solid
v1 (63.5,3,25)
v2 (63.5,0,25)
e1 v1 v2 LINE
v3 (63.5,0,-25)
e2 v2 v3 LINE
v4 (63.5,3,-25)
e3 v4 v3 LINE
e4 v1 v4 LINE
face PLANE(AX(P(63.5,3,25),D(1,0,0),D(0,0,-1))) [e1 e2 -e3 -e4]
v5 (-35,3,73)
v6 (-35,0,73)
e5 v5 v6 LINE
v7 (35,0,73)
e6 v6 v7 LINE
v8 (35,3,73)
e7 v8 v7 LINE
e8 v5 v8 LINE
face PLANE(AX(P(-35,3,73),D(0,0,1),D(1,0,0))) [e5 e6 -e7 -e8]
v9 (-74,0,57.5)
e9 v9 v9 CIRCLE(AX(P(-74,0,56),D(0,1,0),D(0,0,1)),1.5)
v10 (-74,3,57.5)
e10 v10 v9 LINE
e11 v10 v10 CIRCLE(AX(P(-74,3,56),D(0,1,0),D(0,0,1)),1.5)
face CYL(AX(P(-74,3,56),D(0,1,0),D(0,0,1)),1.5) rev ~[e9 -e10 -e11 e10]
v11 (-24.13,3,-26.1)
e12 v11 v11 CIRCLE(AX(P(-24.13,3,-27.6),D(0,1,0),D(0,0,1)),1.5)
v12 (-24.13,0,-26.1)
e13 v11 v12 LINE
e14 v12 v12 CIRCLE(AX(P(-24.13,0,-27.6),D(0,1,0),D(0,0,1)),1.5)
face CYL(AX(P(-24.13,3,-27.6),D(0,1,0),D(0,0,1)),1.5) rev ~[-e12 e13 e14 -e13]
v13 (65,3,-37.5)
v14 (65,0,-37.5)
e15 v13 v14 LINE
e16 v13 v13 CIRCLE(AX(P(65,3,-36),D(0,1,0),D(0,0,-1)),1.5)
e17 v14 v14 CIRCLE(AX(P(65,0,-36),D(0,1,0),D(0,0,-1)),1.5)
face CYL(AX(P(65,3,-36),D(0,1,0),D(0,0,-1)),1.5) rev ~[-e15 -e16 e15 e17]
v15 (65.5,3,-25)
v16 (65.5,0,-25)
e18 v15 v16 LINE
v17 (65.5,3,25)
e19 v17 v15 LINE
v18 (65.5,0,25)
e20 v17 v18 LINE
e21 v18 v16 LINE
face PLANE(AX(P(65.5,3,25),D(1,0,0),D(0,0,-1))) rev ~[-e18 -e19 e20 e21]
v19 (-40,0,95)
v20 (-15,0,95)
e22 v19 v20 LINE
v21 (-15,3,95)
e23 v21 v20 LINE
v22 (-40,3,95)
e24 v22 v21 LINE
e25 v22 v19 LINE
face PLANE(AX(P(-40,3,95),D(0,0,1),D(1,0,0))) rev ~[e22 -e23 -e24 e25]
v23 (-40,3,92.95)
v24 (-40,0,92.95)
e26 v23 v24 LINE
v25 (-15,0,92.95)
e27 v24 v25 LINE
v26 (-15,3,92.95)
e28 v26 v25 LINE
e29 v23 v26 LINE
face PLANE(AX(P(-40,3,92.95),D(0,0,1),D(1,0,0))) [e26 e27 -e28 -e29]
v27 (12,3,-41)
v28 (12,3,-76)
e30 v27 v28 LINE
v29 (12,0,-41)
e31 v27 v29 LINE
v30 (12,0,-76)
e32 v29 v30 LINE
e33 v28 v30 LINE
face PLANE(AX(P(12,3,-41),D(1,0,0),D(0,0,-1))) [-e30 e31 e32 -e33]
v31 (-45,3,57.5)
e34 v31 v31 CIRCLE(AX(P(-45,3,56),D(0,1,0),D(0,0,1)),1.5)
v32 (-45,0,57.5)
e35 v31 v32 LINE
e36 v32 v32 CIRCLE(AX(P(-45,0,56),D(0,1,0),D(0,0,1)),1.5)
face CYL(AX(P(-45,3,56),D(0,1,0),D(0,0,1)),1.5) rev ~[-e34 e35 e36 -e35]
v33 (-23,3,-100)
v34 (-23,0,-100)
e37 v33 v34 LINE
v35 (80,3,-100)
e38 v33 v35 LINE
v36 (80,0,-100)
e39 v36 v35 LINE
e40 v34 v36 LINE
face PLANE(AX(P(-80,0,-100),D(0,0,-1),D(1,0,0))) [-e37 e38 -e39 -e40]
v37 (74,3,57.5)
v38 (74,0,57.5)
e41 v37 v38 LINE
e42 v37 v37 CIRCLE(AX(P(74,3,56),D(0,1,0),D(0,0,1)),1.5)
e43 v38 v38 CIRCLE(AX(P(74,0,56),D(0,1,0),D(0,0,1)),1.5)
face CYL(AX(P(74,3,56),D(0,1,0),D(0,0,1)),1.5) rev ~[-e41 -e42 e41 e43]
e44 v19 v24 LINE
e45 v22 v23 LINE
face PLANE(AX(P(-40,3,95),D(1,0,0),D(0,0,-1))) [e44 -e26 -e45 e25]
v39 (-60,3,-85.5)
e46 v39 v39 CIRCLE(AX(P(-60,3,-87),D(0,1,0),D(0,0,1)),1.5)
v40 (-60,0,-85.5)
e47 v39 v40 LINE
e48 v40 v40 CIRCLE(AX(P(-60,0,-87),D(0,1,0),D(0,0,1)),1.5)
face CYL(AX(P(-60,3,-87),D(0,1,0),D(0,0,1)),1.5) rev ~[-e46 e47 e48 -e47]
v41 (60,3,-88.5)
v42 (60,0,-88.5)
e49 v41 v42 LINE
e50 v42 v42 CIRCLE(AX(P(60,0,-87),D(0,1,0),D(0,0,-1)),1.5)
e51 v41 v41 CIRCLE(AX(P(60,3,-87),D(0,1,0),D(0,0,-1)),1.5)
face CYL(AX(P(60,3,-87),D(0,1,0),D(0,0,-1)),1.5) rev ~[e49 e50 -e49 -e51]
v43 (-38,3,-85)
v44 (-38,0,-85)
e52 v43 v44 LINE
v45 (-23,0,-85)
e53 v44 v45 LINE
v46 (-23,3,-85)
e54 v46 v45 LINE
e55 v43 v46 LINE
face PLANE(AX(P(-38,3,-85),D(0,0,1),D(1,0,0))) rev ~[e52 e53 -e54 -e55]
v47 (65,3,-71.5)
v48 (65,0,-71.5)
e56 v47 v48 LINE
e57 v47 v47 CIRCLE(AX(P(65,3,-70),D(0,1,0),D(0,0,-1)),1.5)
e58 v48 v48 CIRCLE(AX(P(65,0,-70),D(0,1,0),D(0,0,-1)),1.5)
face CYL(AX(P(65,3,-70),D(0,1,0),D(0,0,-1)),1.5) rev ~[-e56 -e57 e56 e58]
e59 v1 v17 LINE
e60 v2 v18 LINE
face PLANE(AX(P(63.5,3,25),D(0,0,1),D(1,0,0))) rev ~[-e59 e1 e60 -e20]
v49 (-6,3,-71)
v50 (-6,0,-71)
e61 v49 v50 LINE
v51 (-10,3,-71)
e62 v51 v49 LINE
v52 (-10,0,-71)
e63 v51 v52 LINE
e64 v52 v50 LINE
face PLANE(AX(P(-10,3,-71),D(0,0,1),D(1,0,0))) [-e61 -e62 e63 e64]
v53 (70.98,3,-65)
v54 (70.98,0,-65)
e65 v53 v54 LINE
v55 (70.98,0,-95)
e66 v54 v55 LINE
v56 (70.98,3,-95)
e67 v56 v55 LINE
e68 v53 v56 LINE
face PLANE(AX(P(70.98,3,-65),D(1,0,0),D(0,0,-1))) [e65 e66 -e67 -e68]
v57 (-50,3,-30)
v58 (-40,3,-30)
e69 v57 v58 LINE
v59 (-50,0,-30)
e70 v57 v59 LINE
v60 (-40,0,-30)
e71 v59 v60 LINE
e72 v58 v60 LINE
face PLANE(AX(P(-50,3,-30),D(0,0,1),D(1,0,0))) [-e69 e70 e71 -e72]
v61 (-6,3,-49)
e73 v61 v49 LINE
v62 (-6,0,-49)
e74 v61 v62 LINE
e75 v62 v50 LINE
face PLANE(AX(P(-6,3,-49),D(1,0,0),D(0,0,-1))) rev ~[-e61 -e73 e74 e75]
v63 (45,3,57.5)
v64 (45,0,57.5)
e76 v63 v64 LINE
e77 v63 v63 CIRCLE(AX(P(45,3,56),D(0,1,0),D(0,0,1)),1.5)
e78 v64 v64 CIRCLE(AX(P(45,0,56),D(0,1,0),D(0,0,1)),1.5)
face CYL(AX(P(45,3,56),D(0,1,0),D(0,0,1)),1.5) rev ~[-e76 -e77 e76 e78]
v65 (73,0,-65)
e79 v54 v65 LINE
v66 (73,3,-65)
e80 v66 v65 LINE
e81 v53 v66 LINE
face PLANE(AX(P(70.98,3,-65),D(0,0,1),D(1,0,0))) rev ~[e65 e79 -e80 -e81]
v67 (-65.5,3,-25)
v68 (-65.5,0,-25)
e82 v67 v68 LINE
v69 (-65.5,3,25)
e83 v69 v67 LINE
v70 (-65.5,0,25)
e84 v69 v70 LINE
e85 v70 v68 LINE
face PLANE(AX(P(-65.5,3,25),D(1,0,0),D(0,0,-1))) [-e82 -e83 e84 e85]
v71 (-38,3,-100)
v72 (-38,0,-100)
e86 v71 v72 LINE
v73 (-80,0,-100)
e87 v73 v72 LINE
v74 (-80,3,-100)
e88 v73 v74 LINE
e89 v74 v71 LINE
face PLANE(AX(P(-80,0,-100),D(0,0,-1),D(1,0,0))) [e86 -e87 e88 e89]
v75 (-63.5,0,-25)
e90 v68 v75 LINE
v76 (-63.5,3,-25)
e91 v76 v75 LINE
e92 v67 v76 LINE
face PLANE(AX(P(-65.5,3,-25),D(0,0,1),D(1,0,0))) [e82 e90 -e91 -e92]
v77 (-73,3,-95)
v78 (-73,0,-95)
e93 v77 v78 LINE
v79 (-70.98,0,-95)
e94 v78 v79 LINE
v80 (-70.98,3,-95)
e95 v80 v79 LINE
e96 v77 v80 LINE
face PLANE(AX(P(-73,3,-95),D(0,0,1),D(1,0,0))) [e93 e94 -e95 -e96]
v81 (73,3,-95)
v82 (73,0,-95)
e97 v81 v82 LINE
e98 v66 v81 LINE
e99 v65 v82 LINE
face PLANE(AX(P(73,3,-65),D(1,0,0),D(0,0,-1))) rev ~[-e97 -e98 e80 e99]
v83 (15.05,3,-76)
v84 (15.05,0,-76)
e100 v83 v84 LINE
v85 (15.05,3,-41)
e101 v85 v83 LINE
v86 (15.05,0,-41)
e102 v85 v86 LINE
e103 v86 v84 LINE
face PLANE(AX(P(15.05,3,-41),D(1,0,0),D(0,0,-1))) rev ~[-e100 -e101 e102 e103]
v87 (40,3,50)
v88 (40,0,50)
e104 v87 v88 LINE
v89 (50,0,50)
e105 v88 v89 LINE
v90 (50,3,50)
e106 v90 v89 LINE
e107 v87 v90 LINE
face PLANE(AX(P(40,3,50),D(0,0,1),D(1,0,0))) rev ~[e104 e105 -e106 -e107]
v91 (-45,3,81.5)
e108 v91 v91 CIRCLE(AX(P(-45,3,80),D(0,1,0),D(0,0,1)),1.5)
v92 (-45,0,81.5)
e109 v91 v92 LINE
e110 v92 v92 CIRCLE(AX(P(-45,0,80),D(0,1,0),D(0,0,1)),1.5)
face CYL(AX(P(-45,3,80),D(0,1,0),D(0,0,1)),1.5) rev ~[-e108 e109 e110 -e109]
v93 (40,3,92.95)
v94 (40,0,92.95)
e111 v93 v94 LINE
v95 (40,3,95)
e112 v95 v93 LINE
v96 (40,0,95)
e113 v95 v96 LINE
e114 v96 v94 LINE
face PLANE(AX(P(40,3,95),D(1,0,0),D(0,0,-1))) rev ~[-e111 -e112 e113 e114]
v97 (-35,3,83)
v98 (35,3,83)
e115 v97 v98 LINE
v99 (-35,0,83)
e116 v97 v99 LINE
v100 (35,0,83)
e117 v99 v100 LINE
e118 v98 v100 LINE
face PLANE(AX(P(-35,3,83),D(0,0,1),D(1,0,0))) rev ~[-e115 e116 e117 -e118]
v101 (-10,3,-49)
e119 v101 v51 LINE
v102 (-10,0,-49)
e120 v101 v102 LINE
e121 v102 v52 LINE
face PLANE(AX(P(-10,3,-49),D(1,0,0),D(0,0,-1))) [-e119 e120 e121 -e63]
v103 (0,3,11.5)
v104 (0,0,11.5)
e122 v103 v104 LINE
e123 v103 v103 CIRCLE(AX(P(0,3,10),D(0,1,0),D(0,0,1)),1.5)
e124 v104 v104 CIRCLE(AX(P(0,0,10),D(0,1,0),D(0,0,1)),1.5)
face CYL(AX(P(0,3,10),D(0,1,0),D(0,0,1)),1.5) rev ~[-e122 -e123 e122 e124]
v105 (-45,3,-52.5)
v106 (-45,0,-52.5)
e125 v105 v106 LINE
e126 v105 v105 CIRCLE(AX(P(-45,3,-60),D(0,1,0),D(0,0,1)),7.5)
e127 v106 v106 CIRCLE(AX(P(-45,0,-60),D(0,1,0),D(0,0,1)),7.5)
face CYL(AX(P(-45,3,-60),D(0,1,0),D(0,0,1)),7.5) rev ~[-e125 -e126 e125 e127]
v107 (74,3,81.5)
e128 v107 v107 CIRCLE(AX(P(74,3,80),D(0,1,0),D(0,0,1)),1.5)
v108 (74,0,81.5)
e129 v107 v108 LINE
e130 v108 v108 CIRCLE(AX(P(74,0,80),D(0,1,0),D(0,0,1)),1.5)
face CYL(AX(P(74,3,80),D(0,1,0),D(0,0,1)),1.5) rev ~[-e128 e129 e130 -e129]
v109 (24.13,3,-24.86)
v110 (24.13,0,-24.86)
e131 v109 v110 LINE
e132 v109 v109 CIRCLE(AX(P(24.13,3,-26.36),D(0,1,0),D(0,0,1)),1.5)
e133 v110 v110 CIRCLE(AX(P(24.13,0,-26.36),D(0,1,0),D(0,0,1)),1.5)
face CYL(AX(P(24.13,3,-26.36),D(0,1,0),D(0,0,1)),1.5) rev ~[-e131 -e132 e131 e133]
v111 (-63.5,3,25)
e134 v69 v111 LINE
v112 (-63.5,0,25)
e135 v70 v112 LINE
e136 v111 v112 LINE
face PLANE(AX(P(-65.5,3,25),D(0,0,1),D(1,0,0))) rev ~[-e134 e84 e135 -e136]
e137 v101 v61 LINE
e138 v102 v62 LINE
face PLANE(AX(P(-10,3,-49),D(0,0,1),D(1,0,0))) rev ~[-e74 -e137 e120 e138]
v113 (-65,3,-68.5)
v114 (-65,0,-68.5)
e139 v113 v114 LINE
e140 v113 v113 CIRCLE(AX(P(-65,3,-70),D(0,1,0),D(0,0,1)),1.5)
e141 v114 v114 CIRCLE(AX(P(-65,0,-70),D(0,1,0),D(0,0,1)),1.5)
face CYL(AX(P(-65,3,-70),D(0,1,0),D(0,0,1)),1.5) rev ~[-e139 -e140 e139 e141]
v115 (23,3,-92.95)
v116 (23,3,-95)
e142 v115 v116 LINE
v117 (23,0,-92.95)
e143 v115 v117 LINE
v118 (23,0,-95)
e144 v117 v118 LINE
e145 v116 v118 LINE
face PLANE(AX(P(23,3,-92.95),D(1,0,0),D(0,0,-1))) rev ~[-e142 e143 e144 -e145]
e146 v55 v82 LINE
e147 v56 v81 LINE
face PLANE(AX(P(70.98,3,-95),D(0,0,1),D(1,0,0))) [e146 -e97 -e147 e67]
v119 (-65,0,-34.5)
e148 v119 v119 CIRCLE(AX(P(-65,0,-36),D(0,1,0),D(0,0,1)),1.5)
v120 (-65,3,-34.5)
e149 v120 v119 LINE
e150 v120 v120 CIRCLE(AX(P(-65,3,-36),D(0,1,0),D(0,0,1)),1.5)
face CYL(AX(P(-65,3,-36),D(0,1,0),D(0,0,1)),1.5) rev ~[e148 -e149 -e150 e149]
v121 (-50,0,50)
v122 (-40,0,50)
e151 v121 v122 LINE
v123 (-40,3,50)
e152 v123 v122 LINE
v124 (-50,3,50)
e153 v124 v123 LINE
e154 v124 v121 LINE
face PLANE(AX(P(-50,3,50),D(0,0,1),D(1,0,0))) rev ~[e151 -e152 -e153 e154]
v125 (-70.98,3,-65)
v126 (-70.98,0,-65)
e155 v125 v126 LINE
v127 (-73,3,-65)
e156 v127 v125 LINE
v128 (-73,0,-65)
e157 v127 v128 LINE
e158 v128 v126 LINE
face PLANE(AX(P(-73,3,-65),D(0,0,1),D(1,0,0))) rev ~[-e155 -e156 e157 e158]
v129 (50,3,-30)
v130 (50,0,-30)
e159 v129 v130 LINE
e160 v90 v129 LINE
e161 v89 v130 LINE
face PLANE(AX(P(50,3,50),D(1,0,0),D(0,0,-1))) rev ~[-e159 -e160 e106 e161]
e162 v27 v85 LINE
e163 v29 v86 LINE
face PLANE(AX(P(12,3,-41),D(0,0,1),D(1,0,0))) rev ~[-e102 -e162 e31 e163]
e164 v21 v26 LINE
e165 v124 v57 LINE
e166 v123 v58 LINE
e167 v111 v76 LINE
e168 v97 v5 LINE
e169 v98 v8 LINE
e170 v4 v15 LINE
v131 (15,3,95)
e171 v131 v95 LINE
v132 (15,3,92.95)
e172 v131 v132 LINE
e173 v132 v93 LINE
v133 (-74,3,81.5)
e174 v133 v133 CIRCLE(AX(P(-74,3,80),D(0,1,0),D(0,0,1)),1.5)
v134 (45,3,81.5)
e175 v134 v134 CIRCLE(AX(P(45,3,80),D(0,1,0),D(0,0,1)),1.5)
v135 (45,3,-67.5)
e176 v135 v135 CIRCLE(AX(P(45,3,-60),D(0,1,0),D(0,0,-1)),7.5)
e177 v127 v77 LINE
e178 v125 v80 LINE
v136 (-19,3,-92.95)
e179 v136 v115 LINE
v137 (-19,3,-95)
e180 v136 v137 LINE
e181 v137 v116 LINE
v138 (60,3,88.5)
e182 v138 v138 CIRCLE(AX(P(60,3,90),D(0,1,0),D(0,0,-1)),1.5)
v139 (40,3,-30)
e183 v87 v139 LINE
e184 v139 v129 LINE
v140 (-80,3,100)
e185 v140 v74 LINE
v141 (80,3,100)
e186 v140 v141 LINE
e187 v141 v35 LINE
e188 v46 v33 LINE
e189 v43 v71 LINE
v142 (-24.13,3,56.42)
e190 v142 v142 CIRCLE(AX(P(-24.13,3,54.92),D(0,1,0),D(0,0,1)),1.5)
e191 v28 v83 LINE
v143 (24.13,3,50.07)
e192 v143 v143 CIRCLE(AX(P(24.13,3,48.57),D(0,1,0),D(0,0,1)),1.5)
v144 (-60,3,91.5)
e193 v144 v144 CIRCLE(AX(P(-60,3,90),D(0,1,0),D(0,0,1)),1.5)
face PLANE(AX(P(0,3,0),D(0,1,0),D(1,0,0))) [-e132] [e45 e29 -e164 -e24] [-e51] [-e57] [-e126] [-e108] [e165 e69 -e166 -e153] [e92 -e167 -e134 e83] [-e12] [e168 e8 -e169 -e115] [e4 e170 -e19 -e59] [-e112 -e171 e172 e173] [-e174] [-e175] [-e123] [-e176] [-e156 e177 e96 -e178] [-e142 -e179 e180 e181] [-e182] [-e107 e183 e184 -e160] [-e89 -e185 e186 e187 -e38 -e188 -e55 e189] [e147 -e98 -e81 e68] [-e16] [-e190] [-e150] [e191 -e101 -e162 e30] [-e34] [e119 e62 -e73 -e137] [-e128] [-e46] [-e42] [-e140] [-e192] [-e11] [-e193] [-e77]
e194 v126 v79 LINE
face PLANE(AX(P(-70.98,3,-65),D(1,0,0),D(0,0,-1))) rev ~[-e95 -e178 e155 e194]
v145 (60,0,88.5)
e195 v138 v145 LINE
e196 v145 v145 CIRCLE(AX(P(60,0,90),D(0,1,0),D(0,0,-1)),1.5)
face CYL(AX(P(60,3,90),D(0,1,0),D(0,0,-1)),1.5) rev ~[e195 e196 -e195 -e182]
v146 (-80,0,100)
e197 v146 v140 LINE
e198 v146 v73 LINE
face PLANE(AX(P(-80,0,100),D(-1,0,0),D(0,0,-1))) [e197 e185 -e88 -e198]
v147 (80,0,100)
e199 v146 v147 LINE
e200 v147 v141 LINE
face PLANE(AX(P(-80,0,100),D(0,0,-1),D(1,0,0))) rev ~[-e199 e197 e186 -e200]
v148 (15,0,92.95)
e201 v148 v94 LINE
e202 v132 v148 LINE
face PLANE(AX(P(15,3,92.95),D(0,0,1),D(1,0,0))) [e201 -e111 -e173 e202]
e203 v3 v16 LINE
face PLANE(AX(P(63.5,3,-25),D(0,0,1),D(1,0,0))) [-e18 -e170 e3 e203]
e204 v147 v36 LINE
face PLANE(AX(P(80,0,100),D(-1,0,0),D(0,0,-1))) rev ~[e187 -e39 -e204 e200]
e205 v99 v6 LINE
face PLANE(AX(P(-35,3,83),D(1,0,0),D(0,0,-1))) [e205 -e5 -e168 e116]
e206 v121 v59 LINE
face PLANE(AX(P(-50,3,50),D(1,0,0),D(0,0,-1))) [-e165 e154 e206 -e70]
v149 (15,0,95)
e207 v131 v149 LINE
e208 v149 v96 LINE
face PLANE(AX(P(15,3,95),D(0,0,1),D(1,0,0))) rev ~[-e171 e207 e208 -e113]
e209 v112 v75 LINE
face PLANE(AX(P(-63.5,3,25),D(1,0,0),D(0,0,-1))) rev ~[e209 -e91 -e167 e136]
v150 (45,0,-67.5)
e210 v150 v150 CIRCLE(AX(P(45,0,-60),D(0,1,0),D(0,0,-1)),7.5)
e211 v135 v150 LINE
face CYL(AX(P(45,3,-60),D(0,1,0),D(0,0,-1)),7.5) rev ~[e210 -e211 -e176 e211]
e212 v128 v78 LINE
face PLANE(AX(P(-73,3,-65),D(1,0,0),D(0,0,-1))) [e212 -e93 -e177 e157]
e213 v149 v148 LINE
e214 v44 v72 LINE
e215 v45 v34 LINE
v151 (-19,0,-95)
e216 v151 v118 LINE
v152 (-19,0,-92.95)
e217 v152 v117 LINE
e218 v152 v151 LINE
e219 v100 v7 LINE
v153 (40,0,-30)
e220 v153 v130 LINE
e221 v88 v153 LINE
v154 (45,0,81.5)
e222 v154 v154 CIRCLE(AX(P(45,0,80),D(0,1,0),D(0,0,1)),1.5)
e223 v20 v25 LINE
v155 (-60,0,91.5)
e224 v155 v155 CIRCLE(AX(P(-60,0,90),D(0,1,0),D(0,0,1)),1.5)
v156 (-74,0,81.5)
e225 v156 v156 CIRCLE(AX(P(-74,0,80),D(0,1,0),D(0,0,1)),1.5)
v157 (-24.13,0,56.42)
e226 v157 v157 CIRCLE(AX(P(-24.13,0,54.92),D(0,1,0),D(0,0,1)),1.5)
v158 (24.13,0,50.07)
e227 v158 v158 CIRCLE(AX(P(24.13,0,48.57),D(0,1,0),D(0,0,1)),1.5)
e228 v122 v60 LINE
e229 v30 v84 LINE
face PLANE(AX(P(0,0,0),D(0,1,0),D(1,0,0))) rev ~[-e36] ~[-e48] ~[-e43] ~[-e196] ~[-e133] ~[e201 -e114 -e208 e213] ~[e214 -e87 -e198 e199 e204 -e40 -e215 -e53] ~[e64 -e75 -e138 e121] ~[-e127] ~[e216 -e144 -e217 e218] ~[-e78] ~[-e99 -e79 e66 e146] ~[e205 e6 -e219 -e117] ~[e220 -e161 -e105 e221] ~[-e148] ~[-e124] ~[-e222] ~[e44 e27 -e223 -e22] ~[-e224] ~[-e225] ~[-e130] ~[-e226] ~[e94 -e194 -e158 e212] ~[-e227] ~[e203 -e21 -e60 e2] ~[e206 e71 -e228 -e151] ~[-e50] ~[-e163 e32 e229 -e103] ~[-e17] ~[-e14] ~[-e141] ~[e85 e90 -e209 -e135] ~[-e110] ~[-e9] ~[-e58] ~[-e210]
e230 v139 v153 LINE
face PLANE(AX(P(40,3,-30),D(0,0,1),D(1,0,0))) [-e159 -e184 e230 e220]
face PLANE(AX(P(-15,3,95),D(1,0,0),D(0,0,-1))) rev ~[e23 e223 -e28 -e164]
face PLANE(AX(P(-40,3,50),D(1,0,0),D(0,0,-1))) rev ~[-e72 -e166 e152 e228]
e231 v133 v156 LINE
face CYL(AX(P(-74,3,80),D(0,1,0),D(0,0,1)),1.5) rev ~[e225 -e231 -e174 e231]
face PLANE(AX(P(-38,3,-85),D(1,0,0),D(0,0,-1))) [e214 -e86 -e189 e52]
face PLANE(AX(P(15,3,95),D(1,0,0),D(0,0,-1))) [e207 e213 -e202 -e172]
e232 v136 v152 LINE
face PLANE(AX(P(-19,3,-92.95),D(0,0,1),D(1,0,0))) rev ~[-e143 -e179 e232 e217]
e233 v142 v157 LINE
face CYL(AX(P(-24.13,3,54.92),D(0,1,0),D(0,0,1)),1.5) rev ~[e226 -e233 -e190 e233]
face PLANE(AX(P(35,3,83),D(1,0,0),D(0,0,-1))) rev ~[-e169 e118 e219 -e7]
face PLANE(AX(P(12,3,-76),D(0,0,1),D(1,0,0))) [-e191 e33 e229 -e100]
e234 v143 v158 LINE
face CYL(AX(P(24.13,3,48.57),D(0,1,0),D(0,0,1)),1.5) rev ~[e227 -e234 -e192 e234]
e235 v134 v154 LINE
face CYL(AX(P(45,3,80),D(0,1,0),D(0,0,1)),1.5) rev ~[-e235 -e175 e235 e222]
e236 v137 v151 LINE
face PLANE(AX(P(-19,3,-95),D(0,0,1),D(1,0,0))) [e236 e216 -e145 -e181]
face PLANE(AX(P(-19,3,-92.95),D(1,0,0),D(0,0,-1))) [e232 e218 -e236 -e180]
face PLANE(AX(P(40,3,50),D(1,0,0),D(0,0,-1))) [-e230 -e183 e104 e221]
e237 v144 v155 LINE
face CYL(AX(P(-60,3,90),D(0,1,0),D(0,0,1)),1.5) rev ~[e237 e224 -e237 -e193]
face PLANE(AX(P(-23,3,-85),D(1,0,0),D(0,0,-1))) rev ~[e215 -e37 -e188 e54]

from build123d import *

# Parameters (mm, degrees)
SKETCH1_W           = 160
SKETCH1_H           = 200
BOSS_EXTRUDE1_DEPTH = 3
SKETCH2_R           = 1.5
SKETCH2_W           = 25
SKETCH2_H           = 2.05
SKETCH2_W_2         = 2
SKETCH2_H_2         = 50
SKETCH2_W_3         = 2.02
SKETCH2_H_3         = 30
SKETCH2_W_4         = 15
SKETCH2_H_4         = 15
SKETCH2_W_5         = 42
SKETCH2_W_6         = 4
SKETCH2_H_5         = 22
SKETCH2_W_7         = 3.05
SKETCH2_H_6         = 35
CUT_EXTRUDE1_DEPTH  = 3
SKETCH3_R           = 1.5
CUT_EXTRUDE2_DEPTH  = 129.097619025
SKETCH4_R           = 7.5
SKETCH4_R_2         = 1.5
SKETCH4_W           = 10
SKETCH4_H           = 80
SKETCH4_W_2         = 70
SKETCH4_H_2         = 10
CUT_EXTRUDE3_DEPTH  = 3
SKETCH5_R           = 1.5
CUT_EXTRUDE4_DEPTH  = 10


with BuildPart() as part:
    # Sketch1 → Boss-Extrude1 (new body)
    with BuildSketch(Plane(origin=(0, 0, 0), x_dir=(1, 0, 0), z_dir=(0, 1, 0))):
        Rectangle(SKETCH1_W, SKETCH1_H)
    extrude(amount=BOSS_EXTRUDE1_DEPTH)

    # Sketch2 → Cut-Extrude1 (cut)
    with BuildSketch(Plane(origin=(0, 3, 0), x_dir=(1, 0, 0), z_dir=(0, 1, 0))):
        with Locations(Location((-60, -90, 0), (0, 0, 270))):
            Circle(SKETCH2_R)
        with Locations(Location((60, -90, 0), (0, 0, 90))):
            Circle(SKETCH2_R)
        with Locations(Location((0, -10, 0), (0, 0, 270))):
            Circle(SKETCH2_R)
        with Locations(Location((-65, 70, 0), (0, 0, 270))):
            Circle(SKETCH2_R)
        with Locations(Location((65, 70, 0), (0, 0, 90))):
            Circle(SKETCH2_R)
        with Locations((27.5, -93.975)):
            Rectangle(SKETCH2_W, SKETCH2_H)
        with Locations((-27.5, -93.975)):
            Rectangle(SKETCH2_W, SKETCH2_H)
        with Locations((64.5, 0)):
            Rectangle(SKETCH2_W_2, SKETCH2_H_2)
        with Locations((-64.5, 0)):
            Rectangle(SKETCH2_W_2, SKETCH2_H_2)
        with Locations((71.99, 80)):
            Rectangle(SKETCH2_W_3, SKETCH2_H_3)
        with Locations((-30.5, 92.5)):
            Rectangle(SKETCH2_W_4, SKETCH2_H_4)
        with Locations((2, 93.975)):
            Rectangle(SKETCH2_W_5, SKETCH2_H)
        with Locations((-71.99, 80)):
            Rectangle(SKETCH2_W_3, SKETCH2_H_3)
        with Locations((-8, 60)):
            Rectangle(SKETCH2_W_6, SKETCH2_H_5)
        with Locations((13.525, 58.5)):
            Rectangle(SKETCH2_W_7, SKETCH2_H_6)
    extrude(amount=-CUT_EXTRUDE1_DEPTH, mode=Mode.SUBTRACT)

    # Sketch3 → Cut-Extrude2 (cut, through all)
    with BuildSketch(Plane(origin=(0, 3, 0), x_dir=(1, 0, 0), z_dir=(0, 1, 0))):
        with Locations(Location((-24.13, 27.6, 0), (0, 0, 270))):
            Circle(SKETCH3_R)
        with Locations(Location((24.13, 26.36, 0), (0, 0, 270))):
            Circle(SKETCH3_R)
        with Locations(Location((-24.13, -54.92, 0), (0, 0, 270))):
            Circle(SKETCH3_R)
        with Locations(Location((24.13, -48.57, 0), (0, 0, 270))):
            Circle(SKETCH3_R)
    extrude(amount=-CUT_EXTRUDE2_DEPTH, mode=Mode.SUBTRACT)

    # Sketch4 → Cut-Extrude3 (cut)
    with BuildSketch(Plane(origin=(0, 3, 0), x_dir=(1, 0, 0), z_dir=(0, 1, 0))):
        with Locations(Location((-45, 60, 0), (0, 0, 270))):
            Circle(SKETCH4_R)
        with Locations(Location((45, 60, 0), (0, 0, 90))):
            Circle(SKETCH4_R)
        with Locations(Location((-60, 87, 0), (0, 0, 270))):
            Circle(SKETCH4_R_2)
        with Locations(Location((60, 87, 0), (0, 0, 90))):
            Circle(SKETCH4_R_2)
        with Locations(Location((-65, 36, 0), (0, 0, 270))):
            Circle(SKETCH4_R_2)
        with Locations(Location((65, 36, 0), (0, 0, 90))):
            Circle(SKETCH4_R_2)
        with Locations((-45, -10)):
            Rectangle(SKETCH4_W, SKETCH4_H)
        with Locations((45, -10)):
            Rectangle(SKETCH4_W, SKETCH4_H)
        with Locations((0, -78)):
            Rectangle(SKETCH4_W_2, SKETCH4_H_2)
    extrude(amount=-CUT_EXTRUDE3_DEPTH, mode=Mode.SUBTRACT)

    # Sketch5 → Cut-Extrude4 (cut)
    with BuildSketch(Plane(origin=(0, 3, 0), x_dir=(1, 0, 0), z_dir=(0, 1, 0))):
        with Locations(Location((-74, -80, 0), (0, 0, 270))):
            Circle(SKETCH5_R)
        with Locations(Location((-74, -56, 0), (0, 0, 270))):
            Circle(SKETCH5_R)
        with Locations(Location((-45, -80, 0), (0, 0, 270))):
            Circle(SKETCH5_R)
        with Locations(Location((-45, -56, 0), (0, 0, 270))):
            Circle(SKETCH5_R)
        with Locations(Location((45, -80, 0), (0, 0, 270))):
            Circle(SKETCH5_R)
        with Locations(Location((45, -56, 0), (0, 0, 270))):
            Circle(SKETCH5_R)
        with Locations(Location((74, -80, 0), (0, 0, 270))):
            Circle(SKETCH5_R)
        with Locations(Location((74, -56, 0), (0, 0, 270))):
            Circle(SKETCH5_R)
    extrude(amount=-CUT_EXTRUDE4_DEPTH, mode=Mode.SUBTRACT)


solid = part.part
